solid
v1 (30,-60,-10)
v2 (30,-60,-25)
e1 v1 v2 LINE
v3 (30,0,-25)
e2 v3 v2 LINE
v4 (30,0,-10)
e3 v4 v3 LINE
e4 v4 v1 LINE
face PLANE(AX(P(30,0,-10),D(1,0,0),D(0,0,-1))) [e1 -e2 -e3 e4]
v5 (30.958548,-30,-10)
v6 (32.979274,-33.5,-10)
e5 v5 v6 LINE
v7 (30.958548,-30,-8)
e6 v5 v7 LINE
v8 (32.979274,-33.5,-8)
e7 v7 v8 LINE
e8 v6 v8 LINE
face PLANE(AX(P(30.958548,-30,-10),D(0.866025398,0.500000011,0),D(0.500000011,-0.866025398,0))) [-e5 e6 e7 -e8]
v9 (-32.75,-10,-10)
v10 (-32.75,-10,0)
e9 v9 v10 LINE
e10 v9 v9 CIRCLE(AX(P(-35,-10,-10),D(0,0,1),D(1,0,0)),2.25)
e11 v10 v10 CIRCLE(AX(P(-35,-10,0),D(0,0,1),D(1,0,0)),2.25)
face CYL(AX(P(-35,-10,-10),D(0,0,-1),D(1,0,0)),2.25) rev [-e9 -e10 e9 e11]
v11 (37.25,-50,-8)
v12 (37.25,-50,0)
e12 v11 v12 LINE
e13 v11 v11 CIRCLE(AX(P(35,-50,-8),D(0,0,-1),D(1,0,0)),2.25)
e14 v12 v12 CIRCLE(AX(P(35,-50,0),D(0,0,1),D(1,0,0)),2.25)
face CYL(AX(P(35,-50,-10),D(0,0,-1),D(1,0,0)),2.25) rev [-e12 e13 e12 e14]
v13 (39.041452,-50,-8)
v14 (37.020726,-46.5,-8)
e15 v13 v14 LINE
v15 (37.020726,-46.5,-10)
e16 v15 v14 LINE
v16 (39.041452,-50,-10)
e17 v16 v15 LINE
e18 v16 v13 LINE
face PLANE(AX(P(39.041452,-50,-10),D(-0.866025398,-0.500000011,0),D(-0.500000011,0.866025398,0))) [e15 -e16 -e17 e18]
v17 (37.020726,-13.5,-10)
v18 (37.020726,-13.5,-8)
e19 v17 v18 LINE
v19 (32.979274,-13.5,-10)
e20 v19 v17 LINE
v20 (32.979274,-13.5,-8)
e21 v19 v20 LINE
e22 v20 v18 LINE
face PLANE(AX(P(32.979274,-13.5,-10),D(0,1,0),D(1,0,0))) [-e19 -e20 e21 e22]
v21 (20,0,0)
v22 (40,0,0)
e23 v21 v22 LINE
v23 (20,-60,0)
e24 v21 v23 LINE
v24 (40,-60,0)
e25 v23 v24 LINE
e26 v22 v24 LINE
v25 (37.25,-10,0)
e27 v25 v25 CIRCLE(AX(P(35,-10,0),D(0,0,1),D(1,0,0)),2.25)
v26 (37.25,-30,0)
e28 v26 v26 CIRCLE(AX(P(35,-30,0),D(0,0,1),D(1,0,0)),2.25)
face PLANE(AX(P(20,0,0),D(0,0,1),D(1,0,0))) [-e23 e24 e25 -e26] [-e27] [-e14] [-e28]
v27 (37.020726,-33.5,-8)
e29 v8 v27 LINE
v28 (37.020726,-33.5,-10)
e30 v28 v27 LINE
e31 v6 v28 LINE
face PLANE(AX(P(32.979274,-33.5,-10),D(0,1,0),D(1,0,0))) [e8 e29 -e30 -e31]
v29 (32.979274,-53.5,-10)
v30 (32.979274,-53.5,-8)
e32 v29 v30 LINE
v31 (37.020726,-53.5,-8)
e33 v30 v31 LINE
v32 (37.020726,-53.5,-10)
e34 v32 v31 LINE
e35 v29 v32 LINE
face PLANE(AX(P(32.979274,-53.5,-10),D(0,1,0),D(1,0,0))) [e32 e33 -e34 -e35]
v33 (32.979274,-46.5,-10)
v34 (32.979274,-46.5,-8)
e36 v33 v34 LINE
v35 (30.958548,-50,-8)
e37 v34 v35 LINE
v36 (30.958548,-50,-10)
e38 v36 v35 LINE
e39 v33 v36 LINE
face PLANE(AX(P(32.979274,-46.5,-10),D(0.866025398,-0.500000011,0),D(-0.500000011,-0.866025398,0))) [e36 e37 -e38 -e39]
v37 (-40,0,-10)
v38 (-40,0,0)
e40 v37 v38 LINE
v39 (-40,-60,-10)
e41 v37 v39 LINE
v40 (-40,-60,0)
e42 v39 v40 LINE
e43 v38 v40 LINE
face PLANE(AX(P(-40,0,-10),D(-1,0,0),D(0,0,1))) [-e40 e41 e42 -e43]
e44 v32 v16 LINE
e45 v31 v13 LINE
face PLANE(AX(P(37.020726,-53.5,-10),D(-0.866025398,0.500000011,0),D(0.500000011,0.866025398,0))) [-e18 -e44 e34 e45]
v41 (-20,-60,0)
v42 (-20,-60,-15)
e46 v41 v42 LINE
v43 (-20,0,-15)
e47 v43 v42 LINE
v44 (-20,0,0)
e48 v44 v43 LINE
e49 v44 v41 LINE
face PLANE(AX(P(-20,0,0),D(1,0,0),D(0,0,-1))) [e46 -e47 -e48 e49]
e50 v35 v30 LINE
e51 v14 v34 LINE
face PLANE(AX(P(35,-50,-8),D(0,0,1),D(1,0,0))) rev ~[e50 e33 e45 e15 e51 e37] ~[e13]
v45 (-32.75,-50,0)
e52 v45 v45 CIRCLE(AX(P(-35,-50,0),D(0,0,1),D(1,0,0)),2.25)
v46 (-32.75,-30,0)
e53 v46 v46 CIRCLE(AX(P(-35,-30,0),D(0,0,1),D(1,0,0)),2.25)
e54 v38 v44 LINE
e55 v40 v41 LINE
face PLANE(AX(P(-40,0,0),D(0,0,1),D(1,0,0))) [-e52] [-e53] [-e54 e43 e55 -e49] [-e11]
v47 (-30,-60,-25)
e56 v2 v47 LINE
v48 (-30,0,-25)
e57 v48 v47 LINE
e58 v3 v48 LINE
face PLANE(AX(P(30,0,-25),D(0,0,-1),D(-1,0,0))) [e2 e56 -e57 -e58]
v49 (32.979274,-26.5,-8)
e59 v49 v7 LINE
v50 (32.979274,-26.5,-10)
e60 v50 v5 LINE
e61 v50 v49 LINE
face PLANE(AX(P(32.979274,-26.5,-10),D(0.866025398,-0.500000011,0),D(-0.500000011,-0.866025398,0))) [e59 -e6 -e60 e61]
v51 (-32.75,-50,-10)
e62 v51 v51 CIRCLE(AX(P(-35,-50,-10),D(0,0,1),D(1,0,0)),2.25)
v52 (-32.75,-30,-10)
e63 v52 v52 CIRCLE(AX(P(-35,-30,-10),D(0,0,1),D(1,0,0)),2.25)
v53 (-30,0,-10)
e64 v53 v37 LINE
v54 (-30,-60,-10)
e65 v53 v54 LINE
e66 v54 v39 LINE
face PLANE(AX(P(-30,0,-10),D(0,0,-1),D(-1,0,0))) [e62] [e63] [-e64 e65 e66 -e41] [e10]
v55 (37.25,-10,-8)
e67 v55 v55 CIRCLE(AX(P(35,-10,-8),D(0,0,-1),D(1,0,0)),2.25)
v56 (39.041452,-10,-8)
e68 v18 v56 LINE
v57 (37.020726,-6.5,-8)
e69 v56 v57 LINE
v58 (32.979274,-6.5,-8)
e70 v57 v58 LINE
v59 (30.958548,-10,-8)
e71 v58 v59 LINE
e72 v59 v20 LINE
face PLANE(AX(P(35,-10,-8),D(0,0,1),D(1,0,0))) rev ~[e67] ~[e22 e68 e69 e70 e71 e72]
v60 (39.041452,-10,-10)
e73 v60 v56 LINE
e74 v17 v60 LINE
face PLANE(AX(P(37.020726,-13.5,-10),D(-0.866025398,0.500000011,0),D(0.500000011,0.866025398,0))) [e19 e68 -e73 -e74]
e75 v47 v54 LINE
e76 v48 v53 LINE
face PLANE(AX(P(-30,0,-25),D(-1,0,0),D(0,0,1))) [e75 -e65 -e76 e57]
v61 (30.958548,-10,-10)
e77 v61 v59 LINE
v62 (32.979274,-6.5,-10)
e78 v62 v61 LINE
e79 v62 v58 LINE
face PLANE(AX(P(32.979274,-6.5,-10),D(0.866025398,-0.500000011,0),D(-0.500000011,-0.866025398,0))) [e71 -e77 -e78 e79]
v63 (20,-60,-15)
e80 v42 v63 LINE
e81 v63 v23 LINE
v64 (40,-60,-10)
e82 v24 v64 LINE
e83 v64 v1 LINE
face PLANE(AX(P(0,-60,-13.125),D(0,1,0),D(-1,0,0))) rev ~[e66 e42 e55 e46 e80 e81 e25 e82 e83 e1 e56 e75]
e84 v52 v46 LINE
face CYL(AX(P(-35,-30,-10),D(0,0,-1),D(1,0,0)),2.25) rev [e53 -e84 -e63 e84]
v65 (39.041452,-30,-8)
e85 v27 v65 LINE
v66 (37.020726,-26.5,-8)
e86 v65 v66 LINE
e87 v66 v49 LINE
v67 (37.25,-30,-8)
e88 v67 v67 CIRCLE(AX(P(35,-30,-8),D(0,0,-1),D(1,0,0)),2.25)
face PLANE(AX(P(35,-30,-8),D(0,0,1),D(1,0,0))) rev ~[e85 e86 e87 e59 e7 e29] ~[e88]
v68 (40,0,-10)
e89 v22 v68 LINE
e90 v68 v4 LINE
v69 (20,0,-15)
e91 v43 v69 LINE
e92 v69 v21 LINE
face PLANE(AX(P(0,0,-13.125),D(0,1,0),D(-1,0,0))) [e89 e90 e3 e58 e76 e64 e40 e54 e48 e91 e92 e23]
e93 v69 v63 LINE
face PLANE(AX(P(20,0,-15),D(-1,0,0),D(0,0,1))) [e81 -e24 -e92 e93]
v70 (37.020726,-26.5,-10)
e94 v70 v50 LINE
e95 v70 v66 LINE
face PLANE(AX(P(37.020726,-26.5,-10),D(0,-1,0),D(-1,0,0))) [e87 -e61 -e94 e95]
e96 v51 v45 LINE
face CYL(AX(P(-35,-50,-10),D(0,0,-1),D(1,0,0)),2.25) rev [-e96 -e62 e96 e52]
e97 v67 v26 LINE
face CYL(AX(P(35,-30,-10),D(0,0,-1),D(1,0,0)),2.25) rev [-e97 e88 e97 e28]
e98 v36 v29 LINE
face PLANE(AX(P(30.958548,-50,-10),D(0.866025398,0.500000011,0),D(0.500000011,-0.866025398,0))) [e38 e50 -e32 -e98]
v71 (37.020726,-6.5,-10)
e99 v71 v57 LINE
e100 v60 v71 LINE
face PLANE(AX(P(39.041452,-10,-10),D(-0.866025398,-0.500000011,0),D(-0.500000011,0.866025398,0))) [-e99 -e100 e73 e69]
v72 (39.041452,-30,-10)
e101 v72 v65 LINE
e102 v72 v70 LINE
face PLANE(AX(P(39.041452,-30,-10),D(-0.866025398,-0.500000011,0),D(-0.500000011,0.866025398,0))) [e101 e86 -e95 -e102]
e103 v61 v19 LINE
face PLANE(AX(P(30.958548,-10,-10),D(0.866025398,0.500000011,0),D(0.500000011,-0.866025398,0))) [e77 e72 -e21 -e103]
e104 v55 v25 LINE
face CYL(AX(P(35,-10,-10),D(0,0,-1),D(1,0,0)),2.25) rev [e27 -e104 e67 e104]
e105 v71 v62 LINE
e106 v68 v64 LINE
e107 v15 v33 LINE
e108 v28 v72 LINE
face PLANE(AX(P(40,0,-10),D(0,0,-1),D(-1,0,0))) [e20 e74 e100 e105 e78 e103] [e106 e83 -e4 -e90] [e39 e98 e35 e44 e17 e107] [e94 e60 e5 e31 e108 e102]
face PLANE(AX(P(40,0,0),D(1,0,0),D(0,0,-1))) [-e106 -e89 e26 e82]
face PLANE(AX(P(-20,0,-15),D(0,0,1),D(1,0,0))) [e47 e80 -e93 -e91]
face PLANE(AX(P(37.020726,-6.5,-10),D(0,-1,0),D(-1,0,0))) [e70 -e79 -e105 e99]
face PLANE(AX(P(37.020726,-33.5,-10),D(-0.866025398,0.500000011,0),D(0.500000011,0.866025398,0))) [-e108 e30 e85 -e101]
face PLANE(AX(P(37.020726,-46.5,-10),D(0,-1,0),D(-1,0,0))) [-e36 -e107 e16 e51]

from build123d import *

# Parameters (mm, degrees)
PAD_DEPTH       = 60
SKETCH004_R     = 2.25
POCKET002_DEPTH = 10
POCKET_DEPTH    = 2


with BuildPart() as part:
    # Sketch → Pad (new body)
    with BuildSketch(Plane.XZ):
        Polygon((-40, 0), (-20, 0), (-20, -15), (20, -15), (20, 0), (40, 0), (40, -10), (30, -10), (30, -25), (-30, -25), (-30, -10), (-40, -10), align=None)
    extrude(amount=PAD_DEPTH)

    # Sketch004 (on DatumPlane) → Pocket002 (cut)
    with BuildSketch(Plane.XY.offset(-10)):
        with Locations((-35, -10)):
            Circle(SKETCH004_R)
        with Locations((35, -10)):
            Circle(SKETCH004_R)
        with Locations((-35, -30)):
            Circle(SKETCH004_R)
        with Locations((35, -30)):
            Circle(SKETCH004_R)
        with Locations((-35, -50)):
            Circle(SKETCH004_R)
        with Locations((-35, -70)):
            Circle(SKETCH004_R)
        with Locations((35, -50)):
            Circle(SKETCH004_R)
        with Locations((35, -70)):
            Circle(SKETCH004_R)
    extrude(amount=POCKET002_DEPTH, mode=Mode.SUBTRACT)

    # Sketch005 (on DatumPlane) → Pocket (cut)
    with BuildSketch(Plane.XY.offset(-10)):
        Polygon((39.041452, -10), (37.020726, -6.5), (32.979274, -6.5), (30.958548, -10), (32.979274, -13.5), (37.020726, -13.5), align=None)
        Polygon((39.041452, -30), (37.020726, -26.5), (32.979274, -26.5), (30.958548, -30), (32.979274, -33.5), (37.020726, -33.5), align=None)
        Polygon((39.041452, -50), (37.020726, -46.5), (32.979274, -46.5), (30.958548, -50), (32.979274, -53.5), (37.020726, -53.5), align=None)
        Polygon((39.041452, -70), (37.020726, -66.5), (32.979274, -66.5), (30.958548, -70), (32.979274, -73.5), (37.020726, -73.5), align=None)
    extrude(amount=POCKET_DEPTH, mode=Mode.SUBTRACT)


solid = part.part
